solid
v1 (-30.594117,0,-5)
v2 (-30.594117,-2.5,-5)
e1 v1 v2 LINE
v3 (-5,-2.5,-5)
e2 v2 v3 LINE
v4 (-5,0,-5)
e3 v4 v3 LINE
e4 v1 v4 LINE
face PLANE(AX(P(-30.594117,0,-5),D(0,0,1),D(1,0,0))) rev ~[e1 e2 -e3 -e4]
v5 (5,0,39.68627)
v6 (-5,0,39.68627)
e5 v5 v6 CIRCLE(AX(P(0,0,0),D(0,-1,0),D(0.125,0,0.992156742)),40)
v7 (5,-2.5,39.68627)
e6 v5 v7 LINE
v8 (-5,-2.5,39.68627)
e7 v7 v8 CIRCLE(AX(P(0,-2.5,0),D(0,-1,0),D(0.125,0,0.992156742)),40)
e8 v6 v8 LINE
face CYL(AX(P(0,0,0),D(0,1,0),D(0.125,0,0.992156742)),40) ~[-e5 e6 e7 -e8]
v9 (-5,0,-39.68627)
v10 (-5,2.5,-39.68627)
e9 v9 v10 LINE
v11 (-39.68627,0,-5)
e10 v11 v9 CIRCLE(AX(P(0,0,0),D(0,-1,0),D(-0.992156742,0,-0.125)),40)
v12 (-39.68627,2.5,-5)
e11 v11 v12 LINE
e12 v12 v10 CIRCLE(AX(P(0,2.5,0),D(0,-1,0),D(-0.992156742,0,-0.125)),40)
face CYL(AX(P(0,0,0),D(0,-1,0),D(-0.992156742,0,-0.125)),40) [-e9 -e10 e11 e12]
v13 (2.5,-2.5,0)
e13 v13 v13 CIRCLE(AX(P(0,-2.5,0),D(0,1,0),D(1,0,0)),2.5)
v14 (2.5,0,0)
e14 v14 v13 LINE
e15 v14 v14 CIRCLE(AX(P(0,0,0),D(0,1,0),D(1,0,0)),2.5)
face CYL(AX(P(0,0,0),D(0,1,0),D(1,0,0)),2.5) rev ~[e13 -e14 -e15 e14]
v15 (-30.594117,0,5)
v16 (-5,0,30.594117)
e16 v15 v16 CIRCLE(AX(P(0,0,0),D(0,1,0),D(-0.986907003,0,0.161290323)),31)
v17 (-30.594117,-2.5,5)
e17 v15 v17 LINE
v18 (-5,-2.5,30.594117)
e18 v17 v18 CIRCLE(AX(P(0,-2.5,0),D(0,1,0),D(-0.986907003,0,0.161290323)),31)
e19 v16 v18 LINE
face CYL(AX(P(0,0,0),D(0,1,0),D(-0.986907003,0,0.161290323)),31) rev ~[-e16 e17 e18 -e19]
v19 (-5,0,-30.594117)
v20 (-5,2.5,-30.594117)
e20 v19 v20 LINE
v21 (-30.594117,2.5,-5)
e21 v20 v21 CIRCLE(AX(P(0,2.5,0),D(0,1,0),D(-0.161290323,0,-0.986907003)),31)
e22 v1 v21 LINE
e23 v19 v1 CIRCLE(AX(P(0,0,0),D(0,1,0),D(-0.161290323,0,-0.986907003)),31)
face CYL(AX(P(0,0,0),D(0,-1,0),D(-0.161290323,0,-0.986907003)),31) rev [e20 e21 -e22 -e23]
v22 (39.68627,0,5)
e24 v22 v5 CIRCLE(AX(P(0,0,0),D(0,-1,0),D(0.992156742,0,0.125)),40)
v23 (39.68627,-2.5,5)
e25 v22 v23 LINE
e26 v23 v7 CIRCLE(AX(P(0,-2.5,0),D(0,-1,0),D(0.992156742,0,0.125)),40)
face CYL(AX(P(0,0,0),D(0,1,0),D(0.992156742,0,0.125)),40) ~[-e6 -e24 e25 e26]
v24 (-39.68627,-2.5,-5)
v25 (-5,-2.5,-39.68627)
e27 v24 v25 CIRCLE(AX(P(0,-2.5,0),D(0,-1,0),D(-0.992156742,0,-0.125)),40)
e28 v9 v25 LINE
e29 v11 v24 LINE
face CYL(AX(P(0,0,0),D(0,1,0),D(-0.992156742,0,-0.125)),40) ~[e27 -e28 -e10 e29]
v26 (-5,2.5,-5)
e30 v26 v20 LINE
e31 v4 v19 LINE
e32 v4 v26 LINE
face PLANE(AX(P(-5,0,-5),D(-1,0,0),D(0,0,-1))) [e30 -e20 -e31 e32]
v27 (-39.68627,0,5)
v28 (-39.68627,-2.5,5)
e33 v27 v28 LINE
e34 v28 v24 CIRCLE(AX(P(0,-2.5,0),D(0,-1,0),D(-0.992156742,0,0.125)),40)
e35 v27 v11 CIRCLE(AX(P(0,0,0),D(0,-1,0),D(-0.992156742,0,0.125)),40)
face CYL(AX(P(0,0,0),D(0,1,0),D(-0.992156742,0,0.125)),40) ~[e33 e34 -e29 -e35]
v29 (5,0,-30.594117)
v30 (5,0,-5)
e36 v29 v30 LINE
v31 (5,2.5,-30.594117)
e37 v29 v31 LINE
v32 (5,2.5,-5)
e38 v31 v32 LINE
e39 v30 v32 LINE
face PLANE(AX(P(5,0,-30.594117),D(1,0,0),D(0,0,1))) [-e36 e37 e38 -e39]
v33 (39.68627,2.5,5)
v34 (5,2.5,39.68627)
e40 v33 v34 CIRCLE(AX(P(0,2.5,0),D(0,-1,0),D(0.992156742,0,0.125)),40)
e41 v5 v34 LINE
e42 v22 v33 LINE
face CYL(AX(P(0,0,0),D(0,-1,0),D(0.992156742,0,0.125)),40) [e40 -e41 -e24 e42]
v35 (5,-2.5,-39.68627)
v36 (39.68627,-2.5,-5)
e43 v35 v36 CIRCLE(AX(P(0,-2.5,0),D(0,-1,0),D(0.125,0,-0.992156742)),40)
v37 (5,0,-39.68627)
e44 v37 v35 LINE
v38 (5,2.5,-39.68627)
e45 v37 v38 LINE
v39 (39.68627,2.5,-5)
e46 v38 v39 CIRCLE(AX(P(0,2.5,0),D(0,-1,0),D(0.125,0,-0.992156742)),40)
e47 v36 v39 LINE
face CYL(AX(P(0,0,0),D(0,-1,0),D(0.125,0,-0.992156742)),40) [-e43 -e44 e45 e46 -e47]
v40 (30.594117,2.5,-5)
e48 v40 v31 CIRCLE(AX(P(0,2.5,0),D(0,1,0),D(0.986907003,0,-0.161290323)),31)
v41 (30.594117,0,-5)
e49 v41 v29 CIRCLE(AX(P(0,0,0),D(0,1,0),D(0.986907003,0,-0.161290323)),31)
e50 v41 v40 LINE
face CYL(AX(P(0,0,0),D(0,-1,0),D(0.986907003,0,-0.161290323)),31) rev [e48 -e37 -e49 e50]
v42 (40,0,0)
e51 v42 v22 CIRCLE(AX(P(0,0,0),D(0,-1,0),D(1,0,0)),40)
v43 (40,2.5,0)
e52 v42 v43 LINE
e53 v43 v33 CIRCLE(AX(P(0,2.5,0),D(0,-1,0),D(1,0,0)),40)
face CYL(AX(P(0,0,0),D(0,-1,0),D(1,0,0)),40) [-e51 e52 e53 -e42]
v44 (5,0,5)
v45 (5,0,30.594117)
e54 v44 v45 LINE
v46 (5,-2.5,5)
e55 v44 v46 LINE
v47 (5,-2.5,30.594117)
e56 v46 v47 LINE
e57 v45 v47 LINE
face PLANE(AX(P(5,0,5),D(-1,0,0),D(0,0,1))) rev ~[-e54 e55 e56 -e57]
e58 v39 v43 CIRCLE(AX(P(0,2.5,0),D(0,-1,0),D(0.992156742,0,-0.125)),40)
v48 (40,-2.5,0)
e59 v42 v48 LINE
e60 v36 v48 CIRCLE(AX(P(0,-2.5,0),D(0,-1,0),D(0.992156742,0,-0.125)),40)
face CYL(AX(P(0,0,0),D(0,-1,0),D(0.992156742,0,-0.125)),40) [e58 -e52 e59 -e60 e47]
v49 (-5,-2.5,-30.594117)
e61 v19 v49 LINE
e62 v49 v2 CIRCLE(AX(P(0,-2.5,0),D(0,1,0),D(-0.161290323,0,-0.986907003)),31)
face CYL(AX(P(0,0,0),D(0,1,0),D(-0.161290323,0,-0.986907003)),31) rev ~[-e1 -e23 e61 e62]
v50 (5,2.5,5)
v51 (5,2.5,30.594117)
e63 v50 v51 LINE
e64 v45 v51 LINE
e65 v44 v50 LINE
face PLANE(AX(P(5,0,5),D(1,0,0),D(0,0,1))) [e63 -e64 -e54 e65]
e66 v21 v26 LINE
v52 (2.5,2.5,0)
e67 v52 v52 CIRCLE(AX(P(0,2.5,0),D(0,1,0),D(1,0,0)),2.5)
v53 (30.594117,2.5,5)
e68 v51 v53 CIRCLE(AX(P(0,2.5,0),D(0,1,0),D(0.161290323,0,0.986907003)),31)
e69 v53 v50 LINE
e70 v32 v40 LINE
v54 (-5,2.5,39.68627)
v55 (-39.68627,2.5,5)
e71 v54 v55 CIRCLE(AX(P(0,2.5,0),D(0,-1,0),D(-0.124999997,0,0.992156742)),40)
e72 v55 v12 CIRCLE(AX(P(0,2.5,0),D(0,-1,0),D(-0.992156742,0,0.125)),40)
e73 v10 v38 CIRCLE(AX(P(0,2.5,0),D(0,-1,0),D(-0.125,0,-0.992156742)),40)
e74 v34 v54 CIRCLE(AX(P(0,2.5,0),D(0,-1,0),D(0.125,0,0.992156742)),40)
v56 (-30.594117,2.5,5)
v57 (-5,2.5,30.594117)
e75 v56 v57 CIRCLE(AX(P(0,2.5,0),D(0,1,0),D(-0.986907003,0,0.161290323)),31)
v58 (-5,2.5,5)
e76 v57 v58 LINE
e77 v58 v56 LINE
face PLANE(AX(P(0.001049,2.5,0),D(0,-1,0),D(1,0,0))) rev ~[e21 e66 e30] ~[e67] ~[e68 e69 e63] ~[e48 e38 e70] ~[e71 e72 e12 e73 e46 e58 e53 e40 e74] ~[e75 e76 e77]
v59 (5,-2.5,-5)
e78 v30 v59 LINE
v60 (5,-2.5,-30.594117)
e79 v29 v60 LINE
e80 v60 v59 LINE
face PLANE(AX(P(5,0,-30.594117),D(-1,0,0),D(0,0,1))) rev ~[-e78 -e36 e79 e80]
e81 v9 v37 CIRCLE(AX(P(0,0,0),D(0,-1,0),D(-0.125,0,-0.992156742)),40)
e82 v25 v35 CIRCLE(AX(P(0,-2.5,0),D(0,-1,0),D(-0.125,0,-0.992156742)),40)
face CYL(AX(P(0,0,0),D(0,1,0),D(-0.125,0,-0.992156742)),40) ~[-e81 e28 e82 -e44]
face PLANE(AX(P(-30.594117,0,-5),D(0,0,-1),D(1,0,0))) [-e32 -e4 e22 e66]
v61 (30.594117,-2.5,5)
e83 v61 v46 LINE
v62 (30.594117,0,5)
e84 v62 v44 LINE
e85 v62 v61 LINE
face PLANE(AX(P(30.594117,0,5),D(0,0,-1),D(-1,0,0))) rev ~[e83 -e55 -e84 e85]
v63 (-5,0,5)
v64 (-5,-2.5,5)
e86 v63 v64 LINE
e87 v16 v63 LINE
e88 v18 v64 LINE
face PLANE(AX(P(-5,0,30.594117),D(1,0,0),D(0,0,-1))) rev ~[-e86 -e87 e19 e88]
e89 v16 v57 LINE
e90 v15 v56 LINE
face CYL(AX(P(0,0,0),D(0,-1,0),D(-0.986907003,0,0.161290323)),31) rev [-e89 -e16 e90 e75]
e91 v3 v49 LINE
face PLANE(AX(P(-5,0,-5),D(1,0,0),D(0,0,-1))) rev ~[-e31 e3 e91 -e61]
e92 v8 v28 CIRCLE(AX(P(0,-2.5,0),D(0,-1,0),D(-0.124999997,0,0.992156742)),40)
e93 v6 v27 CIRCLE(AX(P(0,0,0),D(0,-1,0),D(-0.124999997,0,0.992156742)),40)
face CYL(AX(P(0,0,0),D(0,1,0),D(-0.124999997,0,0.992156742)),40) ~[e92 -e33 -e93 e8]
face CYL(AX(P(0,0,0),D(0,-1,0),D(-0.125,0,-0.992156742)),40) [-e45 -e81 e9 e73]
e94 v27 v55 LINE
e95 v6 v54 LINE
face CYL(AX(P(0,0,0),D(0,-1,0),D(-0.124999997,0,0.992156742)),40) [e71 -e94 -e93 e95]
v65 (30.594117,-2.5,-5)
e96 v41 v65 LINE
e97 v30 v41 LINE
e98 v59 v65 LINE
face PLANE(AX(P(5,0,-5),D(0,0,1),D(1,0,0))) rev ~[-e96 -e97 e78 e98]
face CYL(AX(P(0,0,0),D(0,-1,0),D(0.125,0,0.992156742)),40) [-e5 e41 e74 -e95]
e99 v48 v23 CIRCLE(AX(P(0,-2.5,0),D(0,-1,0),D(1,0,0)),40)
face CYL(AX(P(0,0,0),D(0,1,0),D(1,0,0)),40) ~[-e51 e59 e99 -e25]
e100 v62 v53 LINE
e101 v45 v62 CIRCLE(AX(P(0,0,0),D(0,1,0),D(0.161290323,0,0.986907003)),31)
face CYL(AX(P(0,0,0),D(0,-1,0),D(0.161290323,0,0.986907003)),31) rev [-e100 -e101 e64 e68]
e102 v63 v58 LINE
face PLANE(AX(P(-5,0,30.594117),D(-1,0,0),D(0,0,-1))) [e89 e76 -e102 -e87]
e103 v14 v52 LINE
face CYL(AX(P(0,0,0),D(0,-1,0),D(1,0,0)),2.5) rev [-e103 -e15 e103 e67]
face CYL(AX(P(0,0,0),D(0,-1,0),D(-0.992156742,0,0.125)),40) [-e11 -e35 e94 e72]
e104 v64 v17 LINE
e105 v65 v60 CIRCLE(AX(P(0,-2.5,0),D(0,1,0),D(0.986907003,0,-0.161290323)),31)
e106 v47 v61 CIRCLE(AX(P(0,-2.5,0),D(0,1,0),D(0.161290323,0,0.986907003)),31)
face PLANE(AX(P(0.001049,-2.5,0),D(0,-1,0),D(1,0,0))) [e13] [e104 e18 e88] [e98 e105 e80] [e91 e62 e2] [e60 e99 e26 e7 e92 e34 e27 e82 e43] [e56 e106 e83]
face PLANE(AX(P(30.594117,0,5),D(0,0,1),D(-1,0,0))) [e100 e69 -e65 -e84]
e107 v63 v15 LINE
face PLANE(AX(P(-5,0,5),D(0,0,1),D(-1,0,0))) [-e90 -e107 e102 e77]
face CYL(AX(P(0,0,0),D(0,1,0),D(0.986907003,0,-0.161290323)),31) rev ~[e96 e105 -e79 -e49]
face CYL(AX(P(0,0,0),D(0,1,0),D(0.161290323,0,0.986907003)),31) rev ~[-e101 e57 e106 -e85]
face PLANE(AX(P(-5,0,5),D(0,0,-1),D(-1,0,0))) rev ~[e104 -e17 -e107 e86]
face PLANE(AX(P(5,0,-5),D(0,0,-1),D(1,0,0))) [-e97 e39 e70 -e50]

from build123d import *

# Parameters (mm, degrees)
F1_DEPTH = 2.5


with BuildPart() as f1:
    # F0 (on Front) → F1 (new body, symmetric)
    with BuildSketch(Plane.XZ):
        with BuildLine():
            ThreePointArc((39.686269666, -5), (39.9214903695, -2.5049165017), (40, 0))
            ThreePointArc((40, 0), (39.9214903695, 2.5049165017), (39.686269666, 5))
            ThreePointArc((39.686269666, 5), (28.2842712475, 28.2842712475), (5, 39.686269666))
            ThreePointArc((5, 39.686269666), (5.63e-08, 40), (-4.9999998882, 39.68626968))
            ThreePointArc((-4.9999998882, 39.68626968), (-28.2842712076, 28.2842712873), (-39.686269666, 5))
            ThreePointArc((-39.686269666, 5), (-40, 0), (-39.686269666, -5))
            ThreePointArc((-39.686269666, -5), (-28.2842712475, -28.2842712475), (-5, -39.686269666))
            ThreePointArc((-5, -39.686269666), (0, -40), (5, -39.686269666))
            ThreePointArc((5, -39.686269666), (28.2842712475, -28.2842712475), (39.686269666, -5))
        make_face()
        with BuildLine():
            Line((-30.5941170816, -5), (-5.5901699437, -5))
            Line((-5.5901699437, -5), (-5, -5))
            Line((-5, -5), (-5, -5.5901699437))
            Line((-5, -5.5901699437), (-5, -30.5941170816))
            ThreePointArc((-5, -30.5941170816), (-21.9203102168, -21.9203102168), (-30.5941170816, -5))
        make_face(mode=Mode.SUBTRACT)
        with BuildLine():
            Line((5, -5.5901699437), (5, -5))
            Line((5, -5), (5.5901699437, -5))
            Line((5.5901699437, -5), (30.5941170816, -5))
            ThreePointArc((30.5941170816, -5), (21.9203102168, -21.9203102168), (5, -30.5941170816))
            Line((5, -30.5941170816), (5, -5.5901699437))
        make_face(mode=Mode.SUBTRACT)
        with BuildLine():
            ThreePointArc((-30.5941170816, 5), (-21.9203101767, 21.9203102568), (-4.9999998882, 30.5941170998))
            Line((-4.9999998882, 30.5941170998), (-4.9999998882, 5.5901700437))
            Line((-4.9999998882, 5.5901700437), (-4.9999998882, 5))
            Line((-4.9999998882, 5), (-5.5901699437, 5))
            Line((-5.5901699437, 5), (-30.5941170816, 5))
        make_face(mode=Mode.SUBTRACT)
        with BuildLine():
            ThreePointArc((-2.5, 0), (0, 2.5), (2.5, 0))
            ThreePointArc((2.5, 0), (0, -2.5), (-2.5, 0))
        make_face(mode=Mode.SUBTRACT)
        with BuildLine():
            Line((5.5901699437, 5), (5, 5))
            Line((5, 5), (5, 5.5901699437))
            Line((5, 5.5901699437), (5, 30.5941170816))
            ThreePointArc((5, 30.5941170816), (21.9203102168, 21.9203102168), (30.5941170816, 5))
            Line((30.5941170816, 5), (5.5901699437, 5))
        make_face(mode=Mode.SUBTRACT)
    extrude(amount=F1_DEPTH, both=True)


solid = f1.part
